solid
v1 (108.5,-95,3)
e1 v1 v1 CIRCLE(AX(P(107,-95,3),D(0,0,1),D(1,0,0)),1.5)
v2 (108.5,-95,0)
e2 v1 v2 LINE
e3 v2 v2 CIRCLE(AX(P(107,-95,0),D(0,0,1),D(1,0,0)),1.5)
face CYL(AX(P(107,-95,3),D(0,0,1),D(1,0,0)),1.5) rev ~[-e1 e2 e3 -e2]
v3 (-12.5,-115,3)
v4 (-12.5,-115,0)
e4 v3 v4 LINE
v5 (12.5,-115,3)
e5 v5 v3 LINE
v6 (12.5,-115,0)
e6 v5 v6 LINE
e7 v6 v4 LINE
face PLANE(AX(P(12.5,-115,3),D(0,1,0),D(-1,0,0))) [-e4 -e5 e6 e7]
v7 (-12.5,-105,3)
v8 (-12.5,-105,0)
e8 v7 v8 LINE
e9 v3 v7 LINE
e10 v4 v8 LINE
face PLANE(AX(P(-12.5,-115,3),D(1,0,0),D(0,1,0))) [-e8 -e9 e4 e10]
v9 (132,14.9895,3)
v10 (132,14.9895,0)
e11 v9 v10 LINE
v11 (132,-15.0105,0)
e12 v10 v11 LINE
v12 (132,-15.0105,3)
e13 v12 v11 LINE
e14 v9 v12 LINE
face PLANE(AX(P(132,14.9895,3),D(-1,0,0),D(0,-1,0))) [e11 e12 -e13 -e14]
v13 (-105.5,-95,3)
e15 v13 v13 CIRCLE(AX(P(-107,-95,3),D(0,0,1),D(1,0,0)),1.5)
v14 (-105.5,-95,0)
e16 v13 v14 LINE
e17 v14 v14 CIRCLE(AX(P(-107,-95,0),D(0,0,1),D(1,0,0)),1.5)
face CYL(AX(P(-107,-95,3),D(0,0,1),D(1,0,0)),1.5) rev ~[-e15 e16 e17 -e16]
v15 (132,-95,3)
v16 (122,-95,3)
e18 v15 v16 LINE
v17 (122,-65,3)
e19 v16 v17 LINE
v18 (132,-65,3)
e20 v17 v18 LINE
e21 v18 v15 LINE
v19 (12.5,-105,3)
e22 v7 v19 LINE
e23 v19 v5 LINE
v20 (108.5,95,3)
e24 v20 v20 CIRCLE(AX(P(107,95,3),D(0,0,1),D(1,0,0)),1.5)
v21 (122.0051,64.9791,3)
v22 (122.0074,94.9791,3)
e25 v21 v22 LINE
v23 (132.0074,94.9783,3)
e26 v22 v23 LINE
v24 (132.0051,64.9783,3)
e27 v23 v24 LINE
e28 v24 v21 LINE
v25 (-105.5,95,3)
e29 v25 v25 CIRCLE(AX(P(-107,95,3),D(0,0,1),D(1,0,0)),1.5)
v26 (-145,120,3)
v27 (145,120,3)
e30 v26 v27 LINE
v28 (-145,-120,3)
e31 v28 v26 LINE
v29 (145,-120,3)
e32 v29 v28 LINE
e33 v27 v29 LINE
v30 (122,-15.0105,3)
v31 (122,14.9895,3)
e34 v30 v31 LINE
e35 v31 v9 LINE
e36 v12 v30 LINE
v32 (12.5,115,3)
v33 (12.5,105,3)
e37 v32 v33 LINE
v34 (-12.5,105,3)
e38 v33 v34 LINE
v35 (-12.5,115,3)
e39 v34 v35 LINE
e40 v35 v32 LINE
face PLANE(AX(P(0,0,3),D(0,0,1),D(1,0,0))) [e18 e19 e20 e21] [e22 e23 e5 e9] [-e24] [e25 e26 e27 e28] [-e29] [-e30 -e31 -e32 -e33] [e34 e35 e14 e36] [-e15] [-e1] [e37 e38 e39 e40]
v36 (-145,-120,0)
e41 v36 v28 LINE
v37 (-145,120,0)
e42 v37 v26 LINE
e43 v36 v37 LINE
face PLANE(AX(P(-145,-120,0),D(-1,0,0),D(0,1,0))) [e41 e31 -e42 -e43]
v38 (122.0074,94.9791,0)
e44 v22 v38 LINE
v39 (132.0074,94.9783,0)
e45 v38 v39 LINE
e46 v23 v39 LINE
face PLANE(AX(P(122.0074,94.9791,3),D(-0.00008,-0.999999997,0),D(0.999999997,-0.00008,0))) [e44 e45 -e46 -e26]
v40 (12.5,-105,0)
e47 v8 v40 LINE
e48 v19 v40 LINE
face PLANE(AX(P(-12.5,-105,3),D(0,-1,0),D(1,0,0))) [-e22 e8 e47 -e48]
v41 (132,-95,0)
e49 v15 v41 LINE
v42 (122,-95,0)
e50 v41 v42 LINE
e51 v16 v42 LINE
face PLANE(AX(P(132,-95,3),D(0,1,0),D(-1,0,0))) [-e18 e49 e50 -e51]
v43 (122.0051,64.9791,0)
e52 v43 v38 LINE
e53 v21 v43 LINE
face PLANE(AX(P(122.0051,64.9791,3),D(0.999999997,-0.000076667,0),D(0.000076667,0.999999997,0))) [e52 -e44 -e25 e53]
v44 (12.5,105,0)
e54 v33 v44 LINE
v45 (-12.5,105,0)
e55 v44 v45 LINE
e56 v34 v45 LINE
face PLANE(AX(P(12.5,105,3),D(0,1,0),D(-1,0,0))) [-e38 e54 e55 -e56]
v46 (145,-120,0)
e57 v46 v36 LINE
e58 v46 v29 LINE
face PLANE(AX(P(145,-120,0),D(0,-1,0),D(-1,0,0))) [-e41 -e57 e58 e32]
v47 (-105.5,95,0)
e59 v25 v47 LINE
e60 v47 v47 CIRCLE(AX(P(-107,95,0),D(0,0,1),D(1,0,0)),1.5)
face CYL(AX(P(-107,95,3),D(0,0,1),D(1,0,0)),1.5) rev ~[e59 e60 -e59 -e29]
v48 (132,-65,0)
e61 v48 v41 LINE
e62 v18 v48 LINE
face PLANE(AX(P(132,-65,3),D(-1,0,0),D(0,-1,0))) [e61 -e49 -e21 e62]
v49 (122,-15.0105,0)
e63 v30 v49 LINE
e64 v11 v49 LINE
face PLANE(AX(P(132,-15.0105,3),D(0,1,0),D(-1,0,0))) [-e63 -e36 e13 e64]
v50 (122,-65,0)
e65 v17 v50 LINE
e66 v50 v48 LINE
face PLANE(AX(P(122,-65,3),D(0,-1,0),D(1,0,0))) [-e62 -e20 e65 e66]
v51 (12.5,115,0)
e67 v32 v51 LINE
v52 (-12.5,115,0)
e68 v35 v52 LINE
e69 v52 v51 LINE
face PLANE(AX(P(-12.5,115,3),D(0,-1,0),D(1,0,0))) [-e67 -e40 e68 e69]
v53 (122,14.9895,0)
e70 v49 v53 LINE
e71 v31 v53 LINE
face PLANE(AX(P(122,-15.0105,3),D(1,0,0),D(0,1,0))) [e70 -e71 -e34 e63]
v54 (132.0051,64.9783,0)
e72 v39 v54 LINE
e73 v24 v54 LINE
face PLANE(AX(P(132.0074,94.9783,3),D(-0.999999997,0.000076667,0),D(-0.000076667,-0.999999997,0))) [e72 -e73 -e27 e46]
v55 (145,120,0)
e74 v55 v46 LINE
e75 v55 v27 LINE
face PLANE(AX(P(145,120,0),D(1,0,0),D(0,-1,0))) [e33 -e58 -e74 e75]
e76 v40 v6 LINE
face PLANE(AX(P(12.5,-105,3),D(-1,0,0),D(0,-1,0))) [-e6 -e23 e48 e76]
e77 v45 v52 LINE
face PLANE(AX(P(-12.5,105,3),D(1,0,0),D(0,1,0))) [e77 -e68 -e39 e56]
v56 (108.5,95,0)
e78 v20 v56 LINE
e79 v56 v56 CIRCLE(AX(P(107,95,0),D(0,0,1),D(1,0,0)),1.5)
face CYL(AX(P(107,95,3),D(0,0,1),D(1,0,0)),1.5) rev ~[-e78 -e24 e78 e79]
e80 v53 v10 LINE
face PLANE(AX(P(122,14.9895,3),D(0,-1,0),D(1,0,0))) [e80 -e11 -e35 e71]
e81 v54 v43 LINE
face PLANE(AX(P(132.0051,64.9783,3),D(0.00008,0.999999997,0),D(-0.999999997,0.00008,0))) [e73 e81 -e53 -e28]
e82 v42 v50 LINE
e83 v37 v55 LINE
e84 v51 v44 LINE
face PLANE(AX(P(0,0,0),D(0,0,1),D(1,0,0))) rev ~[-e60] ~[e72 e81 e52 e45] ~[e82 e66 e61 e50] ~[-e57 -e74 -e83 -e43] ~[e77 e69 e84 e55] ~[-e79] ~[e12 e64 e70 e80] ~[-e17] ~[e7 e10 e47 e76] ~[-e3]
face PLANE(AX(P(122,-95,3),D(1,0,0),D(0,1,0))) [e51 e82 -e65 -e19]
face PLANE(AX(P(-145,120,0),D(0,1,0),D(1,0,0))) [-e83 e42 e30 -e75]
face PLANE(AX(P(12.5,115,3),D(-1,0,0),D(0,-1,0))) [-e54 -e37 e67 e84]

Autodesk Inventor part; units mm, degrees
ref_plane "YZ Plane" through (0, 0, 0) normal (1, 0, 0) x (0, 1, 0)
ref_plane "XZ Plane" through (0, 0, 0) normal (0, 1, 0) x (-1, 0, 0)
ref_plane "XY Plane" through (0, 0, 0) normal (0, 0, 1) x (1, 0, 0)
sketch "Эскиз1" plane through (0, 0, 0) normal (0, 0, 1) x (1, 0, 0)
  line L0 (-145, 120) -> (145, 120)
  line L1 (145, 120) -> (145, -120)
  line L2 (145, -120) -> (-145, -120)
  line L3 (-145, -120) -> (-145, 120)
  line L4 (-145, 120) -> (145, -120) construction
  line L5 (145, 120) -> (-145, -120) construction
  point P0 (0, 0)
  dimension "d0" = 240
  dimension "d1" = 290
extrude "Пластина1" add sketch "Эскиз1" along normal blind 3
sketch "Эскиз2" plane through (0, 0, 3) normal (0, 0, 1) x (1, 0, 0)
  line L0 (12.5, 105) -> (-12.5, 105) projected
  line L1 (-12.5, 105) -> (-12.5, 115) projected
  line L2 (-12.5, 115) -> (12.5, 115) projected
  line L3 (12.5, 115) -> (12.5, 105) projected
  line L4 (122, -15.0105) -> (122, 14.9895) projected
  line L5 (122, 14.9895) -> (132, 14.9895) projected
  line L6 (132, 14.9895) -> (132, -15.0105) projected
  line L7 (132, -15.0105) -> (122, -15.0105) projected
  line L8 (122.0074, 94.9791) -> (132.0074, 94.9783) projected
  line L9 (132.0074, 94.9783) -> (132.0051, 64.9783) projected
  line L10 (132.0051, 64.9783) -> (122.0051, 64.9791) projected
  line L11 (122.0051, 64.9791) -> (122.0074, 94.9791) projected
  line L12 (12.5, -105) -> (12.5, -115) projected
  line L13 (12.5, -115) -> (-12.5, -115) projected
  line L14 (-12.5, -115) -> (-12.5, -105) projected
  line L15 (-12.5, -105) -> (12.5, -105) projected
  circle A0 centre (-107, 95) radius 1.5 projected
  circle A1 centre (107, -95) radius 1.5 projected
  circle A2 centre (107, 95) radius 1.5 projected
  line L16 (122, -65) -> (132, -65) projected
  line L17 (132, -65) -> (132, -95) projected
  line L18 (132, -95) -> (122, -95) projected
  line L19 (122, -95) -> (122, -65) projected
  circle A3 centre (-107, -95) radius 1.5 projected
  line L20 (-147, 125) -> (-147, -125) projected
  line L21 (-147, -125) -> (147, -125) projected
  line L22 (147, -125) -> (147, 125) projected
  line L23 (147, 125) -> (-147, 125) projected
  point P0 (0, 0)
extrude "Выдавливание1" cut sketch "Эскиз2" against normal through all contours L0 L1 L2 L3 | L4 L5 L6 L7 | L8 L9 L10 L11 | L12 L13 L14 L15 | A0 | A1 | A2 | L16 L17 L18 L19 | A3
equation "\"d2\" = Толщина"
equation "\"Радиус_гибки\" = Толщина"
equation "\"Ширина_просечки\" = Толщина"
equation "\"Глубина_просечки\" = 0.5 * Толщина"
equation "\"Размер_просечки\" = 4 * Толщина"
equation "\"Мин_остаток\" = 2 * Толщина"
equation "\"Радиус_перехода\" = Радиус_гибки"
equation "\"Радиус_Якоби\" = Радиус_гибки"
equation "\"Размер_зазора\" = Толщина"
equation "\"Толщина\" = 3"
properties part number "панель_с_электроникой"
